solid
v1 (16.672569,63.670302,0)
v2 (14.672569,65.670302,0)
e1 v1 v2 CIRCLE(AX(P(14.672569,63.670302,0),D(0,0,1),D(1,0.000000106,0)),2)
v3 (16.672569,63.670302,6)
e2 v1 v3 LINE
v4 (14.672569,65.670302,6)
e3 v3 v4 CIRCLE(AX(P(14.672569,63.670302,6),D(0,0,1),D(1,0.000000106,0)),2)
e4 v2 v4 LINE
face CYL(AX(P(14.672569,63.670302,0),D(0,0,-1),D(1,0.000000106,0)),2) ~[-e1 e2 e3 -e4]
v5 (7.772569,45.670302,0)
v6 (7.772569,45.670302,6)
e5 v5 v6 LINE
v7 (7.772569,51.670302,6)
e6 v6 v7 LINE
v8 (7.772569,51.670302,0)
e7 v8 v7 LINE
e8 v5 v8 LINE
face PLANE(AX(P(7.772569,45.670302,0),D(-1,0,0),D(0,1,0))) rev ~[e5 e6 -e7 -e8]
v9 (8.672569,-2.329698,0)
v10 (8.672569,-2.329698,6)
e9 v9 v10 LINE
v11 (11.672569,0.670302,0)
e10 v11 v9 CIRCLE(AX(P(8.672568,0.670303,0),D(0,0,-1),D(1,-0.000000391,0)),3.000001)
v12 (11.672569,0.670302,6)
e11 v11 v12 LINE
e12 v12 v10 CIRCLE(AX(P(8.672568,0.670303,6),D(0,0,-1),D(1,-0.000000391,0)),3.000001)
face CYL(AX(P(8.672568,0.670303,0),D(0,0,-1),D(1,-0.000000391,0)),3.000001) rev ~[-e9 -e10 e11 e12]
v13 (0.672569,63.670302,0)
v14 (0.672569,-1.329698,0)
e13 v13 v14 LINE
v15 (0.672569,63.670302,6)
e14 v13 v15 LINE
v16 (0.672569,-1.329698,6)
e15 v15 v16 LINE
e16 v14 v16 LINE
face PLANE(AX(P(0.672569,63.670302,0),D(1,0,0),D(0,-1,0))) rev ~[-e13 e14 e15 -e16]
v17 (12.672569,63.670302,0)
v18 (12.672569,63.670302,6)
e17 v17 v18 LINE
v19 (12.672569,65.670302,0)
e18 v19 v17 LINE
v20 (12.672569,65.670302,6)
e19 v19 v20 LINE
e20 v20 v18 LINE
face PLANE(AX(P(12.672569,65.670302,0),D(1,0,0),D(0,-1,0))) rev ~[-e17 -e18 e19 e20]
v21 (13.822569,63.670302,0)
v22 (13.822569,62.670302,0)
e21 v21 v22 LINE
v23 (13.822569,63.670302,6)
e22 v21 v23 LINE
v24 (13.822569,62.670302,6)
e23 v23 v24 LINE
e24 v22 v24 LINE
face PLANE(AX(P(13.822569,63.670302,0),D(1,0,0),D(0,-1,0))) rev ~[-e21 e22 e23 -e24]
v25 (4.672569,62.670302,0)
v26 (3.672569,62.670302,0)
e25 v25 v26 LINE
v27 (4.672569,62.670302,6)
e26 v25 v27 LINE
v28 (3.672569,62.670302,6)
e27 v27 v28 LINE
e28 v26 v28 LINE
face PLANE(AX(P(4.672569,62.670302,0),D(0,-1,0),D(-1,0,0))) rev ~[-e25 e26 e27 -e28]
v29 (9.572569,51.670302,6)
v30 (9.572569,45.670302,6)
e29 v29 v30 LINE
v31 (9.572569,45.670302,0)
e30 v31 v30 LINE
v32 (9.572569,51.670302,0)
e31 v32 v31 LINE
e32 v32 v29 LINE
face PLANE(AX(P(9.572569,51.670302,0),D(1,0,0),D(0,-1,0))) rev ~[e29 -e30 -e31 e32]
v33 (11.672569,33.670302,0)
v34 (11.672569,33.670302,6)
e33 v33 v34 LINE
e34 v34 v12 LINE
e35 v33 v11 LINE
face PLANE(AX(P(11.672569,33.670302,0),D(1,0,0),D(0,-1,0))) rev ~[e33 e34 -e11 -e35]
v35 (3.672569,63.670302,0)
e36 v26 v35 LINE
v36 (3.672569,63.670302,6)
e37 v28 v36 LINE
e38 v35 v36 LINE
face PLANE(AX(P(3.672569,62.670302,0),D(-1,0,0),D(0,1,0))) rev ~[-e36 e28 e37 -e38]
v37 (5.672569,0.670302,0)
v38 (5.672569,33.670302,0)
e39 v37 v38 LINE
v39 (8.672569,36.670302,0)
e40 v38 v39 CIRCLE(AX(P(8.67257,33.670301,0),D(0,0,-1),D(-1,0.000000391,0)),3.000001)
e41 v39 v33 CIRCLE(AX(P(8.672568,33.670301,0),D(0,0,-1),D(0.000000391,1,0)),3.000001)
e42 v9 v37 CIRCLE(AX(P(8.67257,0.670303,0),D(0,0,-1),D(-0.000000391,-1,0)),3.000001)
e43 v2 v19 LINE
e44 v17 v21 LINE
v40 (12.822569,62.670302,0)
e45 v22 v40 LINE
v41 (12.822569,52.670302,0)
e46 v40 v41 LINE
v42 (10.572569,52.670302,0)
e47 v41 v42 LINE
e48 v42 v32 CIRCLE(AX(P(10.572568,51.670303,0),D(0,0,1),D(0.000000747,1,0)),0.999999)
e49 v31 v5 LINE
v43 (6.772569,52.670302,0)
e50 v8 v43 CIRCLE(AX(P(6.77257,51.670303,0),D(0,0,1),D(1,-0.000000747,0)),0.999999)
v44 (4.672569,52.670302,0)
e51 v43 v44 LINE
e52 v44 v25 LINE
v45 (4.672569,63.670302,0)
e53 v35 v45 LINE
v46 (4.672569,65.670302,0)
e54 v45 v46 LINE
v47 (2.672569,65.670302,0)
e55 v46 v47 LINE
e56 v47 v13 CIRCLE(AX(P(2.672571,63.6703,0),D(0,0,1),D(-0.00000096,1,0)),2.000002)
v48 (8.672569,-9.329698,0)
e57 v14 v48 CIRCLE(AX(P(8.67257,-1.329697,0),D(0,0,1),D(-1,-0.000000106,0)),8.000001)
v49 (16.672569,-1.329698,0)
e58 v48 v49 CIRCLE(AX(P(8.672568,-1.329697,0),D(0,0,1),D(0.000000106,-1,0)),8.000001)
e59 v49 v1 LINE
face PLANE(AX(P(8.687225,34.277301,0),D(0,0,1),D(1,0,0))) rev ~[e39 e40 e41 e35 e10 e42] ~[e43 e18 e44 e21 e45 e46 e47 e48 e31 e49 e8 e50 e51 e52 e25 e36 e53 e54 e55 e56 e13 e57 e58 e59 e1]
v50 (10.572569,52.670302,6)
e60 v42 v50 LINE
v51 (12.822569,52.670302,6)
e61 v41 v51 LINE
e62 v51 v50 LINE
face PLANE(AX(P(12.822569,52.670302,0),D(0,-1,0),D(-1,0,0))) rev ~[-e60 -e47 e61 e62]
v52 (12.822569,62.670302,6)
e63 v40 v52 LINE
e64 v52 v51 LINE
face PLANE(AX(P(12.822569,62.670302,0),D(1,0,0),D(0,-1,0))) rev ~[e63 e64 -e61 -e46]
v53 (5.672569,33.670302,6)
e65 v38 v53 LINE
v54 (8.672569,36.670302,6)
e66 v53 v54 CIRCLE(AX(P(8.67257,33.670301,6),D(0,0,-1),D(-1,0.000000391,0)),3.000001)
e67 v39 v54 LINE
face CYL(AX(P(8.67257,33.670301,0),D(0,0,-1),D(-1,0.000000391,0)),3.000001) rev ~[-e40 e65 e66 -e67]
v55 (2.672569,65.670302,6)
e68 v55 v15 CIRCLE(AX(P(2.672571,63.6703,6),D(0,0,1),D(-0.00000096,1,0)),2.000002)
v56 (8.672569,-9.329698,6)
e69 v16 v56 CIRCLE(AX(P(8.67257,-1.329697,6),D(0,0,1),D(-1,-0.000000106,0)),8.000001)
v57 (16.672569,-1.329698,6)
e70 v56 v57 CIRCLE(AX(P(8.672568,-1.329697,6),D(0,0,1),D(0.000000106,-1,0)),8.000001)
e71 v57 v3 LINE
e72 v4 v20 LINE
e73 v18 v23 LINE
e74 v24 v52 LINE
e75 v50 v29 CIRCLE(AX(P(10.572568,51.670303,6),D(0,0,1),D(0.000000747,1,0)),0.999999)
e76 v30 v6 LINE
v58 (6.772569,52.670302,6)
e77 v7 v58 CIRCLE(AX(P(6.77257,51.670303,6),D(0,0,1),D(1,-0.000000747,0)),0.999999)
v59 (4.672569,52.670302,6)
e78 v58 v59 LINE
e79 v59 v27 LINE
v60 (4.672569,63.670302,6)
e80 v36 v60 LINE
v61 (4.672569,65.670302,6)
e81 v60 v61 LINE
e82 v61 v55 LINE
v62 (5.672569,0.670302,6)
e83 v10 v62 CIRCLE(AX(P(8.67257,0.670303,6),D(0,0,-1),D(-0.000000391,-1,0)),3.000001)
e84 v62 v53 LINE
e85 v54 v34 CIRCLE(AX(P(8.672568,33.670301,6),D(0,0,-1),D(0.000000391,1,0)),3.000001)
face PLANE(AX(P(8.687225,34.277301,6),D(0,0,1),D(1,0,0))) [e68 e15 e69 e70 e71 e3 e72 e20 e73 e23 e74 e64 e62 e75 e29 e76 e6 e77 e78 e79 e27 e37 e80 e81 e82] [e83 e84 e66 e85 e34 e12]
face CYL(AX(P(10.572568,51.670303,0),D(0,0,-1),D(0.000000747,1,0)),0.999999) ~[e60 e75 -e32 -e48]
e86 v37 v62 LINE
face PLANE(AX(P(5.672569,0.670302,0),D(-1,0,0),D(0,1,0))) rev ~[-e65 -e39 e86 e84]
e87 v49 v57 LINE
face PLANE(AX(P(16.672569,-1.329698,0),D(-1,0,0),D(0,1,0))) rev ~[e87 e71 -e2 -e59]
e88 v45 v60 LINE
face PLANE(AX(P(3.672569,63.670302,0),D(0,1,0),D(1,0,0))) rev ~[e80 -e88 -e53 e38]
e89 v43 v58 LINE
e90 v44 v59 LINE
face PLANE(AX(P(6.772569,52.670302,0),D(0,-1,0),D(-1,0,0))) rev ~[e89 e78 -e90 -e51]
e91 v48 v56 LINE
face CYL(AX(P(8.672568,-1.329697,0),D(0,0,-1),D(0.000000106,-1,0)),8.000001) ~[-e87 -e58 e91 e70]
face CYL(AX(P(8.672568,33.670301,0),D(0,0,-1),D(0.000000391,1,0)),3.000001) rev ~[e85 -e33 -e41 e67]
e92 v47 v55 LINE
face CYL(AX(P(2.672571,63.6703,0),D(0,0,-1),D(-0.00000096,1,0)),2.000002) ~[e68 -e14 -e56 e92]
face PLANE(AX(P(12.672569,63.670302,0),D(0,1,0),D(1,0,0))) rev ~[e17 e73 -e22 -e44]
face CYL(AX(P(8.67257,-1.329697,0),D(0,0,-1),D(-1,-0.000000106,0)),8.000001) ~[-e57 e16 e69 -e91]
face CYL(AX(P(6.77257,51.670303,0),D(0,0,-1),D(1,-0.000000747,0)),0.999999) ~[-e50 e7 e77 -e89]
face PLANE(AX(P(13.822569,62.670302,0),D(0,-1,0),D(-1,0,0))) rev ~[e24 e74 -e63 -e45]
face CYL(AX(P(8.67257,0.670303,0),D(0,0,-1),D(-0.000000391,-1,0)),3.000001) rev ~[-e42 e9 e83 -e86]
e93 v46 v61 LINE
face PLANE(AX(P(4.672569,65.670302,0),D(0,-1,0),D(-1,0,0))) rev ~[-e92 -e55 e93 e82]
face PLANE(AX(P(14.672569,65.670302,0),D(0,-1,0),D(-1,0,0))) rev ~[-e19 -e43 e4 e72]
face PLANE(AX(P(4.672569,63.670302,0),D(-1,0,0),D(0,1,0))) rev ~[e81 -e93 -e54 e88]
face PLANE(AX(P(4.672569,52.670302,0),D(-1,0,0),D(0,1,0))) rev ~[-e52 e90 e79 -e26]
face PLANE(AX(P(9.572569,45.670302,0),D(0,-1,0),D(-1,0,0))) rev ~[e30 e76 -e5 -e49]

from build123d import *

# Parameters (mm, degrees)
F1_DEPTH = 6


with BuildPart() as f1:
    # F0 (on Top) → F1 (new body)
    with BuildSketch(Plane.XY):
        with BuildLine():
            ThreePointArc((2.672569, 65.670302), (1.258356, 65.084515), (0.672569, 63.670302))
            Line((0.672569, 63.670302), (0.672569, -1.329698))
            ThreePointArc((0.672569, -1.329698), (3.015715, -6.986552), (8.672569, -9.329698))
            ThreePointArc((8.672569, -9.329698), (14.329423, -6.986552), (16.672569, -1.329698))
            Line((16.672569, -1.329698), (16.672569, 63.670302))
            ThreePointArc((16.672569, 63.670302), (16.086783, 65.084515), (14.672569, 65.670302))
            Line((14.672569, 65.670302), (12.672569, 65.670302))
            Line((12.672569, 65.670302), (12.672569, 63.670302))
            Line((12.672569, 63.670302), (13.822569, 63.670302))
            Line((13.822569, 63.670302), (13.822569, 62.670302))
            Line((13.822569, 62.670302), (12.822569, 62.670302))
            Line((12.822569, 62.670302), (12.822569, 52.670302))
            Line((12.822569, 52.670302), (10.572569, 52.670302))
            ThreePointArc((10.572569, 52.670302), (9.865462, 52.377409), (9.572569, 51.670302))
            Line((9.572569, 51.670302), (9.572569, 45.670302))
            Line((9.572569, 45.670302), (7.772569, 45.670302))
            Line((7.772569, 45.670302), (7.772569, 51.670302))
            ThreePointArc((7.772569, 51.670302), (7.479676, 52.377409), (6.772569, 52.670302))
            Line((6.772569, 52.670302), (4.672569, 52.670302))
            Line((4.672569, 52.670302), (4.672569, 62.670302))
            Line((4.672569, 62.670302), (3.672569, 62.670302))
            Line((3.672569, 62.670302), (3.672569, 63.670302))
            Line((3.672569, 63.670302), (4.672569, 63.670302))
            Line((4.672569, 63.670302), (4.672569, 65.670302))
            Line((4.672569, 65.670302), (2.672569, 65.670302))
        make_face()
        with BuildLine():
            Line((11.672569, 17.170302), (11.672569, 0.670302))
            ThreePointArc((11.672569, 0.670302), (10.793889, -1.451018), (8.672569, -2.329698))
            ThreePointArc((8.672569, -2.329698), (6.551249, -1.451018), (5.672569, 0.670302))
            Line((5.672569, 0.670302), (5.672569, 17.170302))
            Line((5.672569, 17.170302), (5.672569, 33.670302))
            ThreePointArc((5.672569, 33.670302), (6.551249, 35.791622), (8.672569, 36.670302))
            ThreePointArc((8.672569, 36.670302), (10.793889, 35.791622), (11.672569, 33.670302))
            Line((11.672569, 33.670302), (11.672569, 17.170302))
        make_face(mode=Mode.SUBTRACT)
    extrude(amount=F1_DEPTH)


solid = f1.part
